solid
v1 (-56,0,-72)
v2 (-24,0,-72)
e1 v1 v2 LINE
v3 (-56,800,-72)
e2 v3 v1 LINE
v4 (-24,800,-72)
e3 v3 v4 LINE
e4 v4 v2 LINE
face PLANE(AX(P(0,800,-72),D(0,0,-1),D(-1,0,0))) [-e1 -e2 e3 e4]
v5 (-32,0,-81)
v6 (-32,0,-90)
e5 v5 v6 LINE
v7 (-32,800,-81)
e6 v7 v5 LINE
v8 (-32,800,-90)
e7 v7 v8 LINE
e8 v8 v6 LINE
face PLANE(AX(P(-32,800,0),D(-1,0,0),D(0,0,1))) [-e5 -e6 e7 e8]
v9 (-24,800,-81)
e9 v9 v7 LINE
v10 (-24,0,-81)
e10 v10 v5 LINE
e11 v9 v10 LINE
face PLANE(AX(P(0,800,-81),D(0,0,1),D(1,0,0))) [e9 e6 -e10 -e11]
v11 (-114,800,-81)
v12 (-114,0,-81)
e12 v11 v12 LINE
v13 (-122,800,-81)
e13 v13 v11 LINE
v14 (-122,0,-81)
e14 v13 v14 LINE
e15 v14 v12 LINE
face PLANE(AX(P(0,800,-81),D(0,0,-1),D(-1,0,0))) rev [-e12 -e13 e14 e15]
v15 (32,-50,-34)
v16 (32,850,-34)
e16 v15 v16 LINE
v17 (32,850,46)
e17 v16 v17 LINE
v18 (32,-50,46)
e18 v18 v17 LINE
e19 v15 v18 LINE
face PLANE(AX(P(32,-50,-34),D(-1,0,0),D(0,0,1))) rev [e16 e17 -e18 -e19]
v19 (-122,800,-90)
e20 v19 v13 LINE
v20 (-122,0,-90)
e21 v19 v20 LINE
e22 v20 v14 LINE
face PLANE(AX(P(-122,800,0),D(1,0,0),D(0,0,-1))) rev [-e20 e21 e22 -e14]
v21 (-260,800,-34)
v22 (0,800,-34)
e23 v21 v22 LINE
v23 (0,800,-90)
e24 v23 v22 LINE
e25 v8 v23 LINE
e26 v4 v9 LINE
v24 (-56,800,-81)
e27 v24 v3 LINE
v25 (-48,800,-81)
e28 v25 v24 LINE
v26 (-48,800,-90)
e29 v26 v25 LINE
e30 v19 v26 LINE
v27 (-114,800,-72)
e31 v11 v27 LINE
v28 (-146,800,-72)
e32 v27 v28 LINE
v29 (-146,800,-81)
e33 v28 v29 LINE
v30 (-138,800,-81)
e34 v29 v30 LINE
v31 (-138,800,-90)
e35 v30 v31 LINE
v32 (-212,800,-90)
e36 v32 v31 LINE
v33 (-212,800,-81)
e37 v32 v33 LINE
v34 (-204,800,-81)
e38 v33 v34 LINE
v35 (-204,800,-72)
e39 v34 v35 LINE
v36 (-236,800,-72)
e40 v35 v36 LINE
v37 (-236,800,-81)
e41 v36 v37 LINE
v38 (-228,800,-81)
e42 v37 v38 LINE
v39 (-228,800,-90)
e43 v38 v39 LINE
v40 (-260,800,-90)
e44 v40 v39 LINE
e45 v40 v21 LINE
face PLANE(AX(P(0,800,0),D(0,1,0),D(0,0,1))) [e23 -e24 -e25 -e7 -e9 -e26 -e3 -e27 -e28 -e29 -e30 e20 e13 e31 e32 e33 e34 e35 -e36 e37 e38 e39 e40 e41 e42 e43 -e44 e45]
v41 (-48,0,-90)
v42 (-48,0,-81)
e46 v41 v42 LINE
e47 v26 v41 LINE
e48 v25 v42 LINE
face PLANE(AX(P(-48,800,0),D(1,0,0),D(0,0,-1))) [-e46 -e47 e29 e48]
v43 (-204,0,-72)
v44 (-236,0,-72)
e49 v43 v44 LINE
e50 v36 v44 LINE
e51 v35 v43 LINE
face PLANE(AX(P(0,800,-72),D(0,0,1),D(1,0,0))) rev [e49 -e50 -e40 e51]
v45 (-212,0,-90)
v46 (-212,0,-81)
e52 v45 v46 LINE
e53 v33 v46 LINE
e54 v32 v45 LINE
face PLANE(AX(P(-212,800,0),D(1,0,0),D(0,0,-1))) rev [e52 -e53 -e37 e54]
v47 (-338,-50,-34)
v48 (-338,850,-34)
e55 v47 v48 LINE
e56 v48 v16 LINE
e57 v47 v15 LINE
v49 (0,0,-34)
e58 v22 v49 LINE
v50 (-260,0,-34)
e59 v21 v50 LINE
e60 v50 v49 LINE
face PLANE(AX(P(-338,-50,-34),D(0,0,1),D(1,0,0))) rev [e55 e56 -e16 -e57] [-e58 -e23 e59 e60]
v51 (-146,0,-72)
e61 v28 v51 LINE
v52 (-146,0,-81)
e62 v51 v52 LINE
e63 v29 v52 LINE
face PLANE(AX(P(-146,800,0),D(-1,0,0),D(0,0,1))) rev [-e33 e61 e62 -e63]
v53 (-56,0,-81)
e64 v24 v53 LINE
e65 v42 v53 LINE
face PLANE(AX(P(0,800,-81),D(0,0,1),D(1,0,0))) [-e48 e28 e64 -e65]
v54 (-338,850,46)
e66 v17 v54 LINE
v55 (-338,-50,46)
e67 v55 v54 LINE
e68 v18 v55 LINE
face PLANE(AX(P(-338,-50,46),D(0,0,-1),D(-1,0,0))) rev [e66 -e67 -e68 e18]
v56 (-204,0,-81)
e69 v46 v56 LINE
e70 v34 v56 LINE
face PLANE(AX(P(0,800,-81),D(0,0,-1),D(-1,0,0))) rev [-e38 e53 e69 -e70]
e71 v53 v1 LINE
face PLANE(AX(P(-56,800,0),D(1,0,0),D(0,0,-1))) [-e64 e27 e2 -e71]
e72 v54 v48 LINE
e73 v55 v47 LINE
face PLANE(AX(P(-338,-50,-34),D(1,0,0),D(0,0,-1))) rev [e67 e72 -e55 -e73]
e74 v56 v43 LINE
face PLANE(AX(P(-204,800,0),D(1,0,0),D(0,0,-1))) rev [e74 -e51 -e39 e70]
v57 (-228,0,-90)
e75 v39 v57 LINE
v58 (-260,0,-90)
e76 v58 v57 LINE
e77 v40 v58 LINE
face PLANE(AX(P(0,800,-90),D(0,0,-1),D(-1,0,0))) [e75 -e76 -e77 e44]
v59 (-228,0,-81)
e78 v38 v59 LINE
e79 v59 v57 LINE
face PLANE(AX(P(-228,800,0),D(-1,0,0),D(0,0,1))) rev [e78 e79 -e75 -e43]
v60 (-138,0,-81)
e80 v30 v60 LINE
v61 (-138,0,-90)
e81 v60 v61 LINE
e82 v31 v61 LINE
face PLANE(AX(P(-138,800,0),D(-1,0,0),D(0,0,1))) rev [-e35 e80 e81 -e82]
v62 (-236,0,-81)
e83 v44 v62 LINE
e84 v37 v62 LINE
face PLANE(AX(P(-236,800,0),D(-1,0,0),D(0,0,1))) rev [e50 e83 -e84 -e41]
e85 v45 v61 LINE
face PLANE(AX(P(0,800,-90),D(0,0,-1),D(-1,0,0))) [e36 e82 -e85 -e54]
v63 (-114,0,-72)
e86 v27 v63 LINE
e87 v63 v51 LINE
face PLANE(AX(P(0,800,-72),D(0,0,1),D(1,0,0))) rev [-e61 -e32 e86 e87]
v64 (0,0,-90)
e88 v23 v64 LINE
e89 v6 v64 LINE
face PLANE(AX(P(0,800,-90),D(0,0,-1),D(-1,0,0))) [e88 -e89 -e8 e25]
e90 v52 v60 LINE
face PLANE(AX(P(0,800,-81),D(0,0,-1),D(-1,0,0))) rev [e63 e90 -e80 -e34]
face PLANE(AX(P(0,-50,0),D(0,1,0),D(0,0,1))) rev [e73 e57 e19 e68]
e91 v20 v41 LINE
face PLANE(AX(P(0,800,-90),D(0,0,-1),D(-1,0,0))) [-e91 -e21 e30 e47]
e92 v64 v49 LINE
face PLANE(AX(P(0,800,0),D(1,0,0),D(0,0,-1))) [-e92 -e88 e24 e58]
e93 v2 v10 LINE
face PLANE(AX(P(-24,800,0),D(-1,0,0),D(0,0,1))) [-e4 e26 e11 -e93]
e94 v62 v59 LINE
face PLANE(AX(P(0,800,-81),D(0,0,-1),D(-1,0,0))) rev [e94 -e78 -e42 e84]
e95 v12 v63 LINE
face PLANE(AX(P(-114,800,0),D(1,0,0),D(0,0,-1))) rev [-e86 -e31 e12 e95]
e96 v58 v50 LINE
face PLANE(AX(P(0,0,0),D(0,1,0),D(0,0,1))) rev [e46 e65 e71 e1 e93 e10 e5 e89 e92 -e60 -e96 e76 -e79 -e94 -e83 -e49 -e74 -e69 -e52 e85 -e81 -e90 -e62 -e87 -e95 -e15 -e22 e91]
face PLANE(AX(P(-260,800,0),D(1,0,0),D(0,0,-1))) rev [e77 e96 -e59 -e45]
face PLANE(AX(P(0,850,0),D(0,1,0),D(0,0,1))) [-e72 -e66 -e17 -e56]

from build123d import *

# Parameters (mm, degrees)
BOSS_EXTRUDE1_DEPTH      = 800
BOSS_EXTRUDE2_DEPTH      = 50
BOSS_EXTRUDE2_DEPTH_BACK = 850
SKETCH2_W                = 370
SKETCH2_H                = 80


with BuildPart() as part:
    # Sketch1 → Boss-Extrude1 (new body)
    with BuildSketch(Plane(origin=(0, 0, 0), x_dir=(1, 0, 0), z_dir=(0, 1, 0))):
        Polygon((-228, 90), (-260, 90), (-260, 0), (0, 0), (0, 90), (-32, 90), (-32, 81), (-24, 81), (-24, 72), (-56, 72), (-56, 81), (-48, 81), (-48, 90), (-122, 90), (-122, 81), (-114, 81), (-114, 72), (-146, 72), (-146, 81), (-138, 81), (-138, 90), (-212, 90), (-212, 81), (-204, 81), (-204, 72), (-236, 72), (-236, 81), (-228, 81), align=None)
    extrude(amount=BOSS_EXTRUDE1_DEPTH)

    # Sketch2 → Boss-Extrude2 (add, two sides: drawn at the far end of the back side and taken through both)
    with BuildSketch(Plane.XZ.offset(-BOSS_EXTRUDE2_DEPTH_BACK)):
        with Locations((-153, 6)):
            Rectangle(SKETCH2_W, SKETCH2_H)
    extrude(amount=BOSS_EXTRUDE2_DEPTH + BOSS_EXTRUDE2_DEPTH_BACK)


solid = part.part
